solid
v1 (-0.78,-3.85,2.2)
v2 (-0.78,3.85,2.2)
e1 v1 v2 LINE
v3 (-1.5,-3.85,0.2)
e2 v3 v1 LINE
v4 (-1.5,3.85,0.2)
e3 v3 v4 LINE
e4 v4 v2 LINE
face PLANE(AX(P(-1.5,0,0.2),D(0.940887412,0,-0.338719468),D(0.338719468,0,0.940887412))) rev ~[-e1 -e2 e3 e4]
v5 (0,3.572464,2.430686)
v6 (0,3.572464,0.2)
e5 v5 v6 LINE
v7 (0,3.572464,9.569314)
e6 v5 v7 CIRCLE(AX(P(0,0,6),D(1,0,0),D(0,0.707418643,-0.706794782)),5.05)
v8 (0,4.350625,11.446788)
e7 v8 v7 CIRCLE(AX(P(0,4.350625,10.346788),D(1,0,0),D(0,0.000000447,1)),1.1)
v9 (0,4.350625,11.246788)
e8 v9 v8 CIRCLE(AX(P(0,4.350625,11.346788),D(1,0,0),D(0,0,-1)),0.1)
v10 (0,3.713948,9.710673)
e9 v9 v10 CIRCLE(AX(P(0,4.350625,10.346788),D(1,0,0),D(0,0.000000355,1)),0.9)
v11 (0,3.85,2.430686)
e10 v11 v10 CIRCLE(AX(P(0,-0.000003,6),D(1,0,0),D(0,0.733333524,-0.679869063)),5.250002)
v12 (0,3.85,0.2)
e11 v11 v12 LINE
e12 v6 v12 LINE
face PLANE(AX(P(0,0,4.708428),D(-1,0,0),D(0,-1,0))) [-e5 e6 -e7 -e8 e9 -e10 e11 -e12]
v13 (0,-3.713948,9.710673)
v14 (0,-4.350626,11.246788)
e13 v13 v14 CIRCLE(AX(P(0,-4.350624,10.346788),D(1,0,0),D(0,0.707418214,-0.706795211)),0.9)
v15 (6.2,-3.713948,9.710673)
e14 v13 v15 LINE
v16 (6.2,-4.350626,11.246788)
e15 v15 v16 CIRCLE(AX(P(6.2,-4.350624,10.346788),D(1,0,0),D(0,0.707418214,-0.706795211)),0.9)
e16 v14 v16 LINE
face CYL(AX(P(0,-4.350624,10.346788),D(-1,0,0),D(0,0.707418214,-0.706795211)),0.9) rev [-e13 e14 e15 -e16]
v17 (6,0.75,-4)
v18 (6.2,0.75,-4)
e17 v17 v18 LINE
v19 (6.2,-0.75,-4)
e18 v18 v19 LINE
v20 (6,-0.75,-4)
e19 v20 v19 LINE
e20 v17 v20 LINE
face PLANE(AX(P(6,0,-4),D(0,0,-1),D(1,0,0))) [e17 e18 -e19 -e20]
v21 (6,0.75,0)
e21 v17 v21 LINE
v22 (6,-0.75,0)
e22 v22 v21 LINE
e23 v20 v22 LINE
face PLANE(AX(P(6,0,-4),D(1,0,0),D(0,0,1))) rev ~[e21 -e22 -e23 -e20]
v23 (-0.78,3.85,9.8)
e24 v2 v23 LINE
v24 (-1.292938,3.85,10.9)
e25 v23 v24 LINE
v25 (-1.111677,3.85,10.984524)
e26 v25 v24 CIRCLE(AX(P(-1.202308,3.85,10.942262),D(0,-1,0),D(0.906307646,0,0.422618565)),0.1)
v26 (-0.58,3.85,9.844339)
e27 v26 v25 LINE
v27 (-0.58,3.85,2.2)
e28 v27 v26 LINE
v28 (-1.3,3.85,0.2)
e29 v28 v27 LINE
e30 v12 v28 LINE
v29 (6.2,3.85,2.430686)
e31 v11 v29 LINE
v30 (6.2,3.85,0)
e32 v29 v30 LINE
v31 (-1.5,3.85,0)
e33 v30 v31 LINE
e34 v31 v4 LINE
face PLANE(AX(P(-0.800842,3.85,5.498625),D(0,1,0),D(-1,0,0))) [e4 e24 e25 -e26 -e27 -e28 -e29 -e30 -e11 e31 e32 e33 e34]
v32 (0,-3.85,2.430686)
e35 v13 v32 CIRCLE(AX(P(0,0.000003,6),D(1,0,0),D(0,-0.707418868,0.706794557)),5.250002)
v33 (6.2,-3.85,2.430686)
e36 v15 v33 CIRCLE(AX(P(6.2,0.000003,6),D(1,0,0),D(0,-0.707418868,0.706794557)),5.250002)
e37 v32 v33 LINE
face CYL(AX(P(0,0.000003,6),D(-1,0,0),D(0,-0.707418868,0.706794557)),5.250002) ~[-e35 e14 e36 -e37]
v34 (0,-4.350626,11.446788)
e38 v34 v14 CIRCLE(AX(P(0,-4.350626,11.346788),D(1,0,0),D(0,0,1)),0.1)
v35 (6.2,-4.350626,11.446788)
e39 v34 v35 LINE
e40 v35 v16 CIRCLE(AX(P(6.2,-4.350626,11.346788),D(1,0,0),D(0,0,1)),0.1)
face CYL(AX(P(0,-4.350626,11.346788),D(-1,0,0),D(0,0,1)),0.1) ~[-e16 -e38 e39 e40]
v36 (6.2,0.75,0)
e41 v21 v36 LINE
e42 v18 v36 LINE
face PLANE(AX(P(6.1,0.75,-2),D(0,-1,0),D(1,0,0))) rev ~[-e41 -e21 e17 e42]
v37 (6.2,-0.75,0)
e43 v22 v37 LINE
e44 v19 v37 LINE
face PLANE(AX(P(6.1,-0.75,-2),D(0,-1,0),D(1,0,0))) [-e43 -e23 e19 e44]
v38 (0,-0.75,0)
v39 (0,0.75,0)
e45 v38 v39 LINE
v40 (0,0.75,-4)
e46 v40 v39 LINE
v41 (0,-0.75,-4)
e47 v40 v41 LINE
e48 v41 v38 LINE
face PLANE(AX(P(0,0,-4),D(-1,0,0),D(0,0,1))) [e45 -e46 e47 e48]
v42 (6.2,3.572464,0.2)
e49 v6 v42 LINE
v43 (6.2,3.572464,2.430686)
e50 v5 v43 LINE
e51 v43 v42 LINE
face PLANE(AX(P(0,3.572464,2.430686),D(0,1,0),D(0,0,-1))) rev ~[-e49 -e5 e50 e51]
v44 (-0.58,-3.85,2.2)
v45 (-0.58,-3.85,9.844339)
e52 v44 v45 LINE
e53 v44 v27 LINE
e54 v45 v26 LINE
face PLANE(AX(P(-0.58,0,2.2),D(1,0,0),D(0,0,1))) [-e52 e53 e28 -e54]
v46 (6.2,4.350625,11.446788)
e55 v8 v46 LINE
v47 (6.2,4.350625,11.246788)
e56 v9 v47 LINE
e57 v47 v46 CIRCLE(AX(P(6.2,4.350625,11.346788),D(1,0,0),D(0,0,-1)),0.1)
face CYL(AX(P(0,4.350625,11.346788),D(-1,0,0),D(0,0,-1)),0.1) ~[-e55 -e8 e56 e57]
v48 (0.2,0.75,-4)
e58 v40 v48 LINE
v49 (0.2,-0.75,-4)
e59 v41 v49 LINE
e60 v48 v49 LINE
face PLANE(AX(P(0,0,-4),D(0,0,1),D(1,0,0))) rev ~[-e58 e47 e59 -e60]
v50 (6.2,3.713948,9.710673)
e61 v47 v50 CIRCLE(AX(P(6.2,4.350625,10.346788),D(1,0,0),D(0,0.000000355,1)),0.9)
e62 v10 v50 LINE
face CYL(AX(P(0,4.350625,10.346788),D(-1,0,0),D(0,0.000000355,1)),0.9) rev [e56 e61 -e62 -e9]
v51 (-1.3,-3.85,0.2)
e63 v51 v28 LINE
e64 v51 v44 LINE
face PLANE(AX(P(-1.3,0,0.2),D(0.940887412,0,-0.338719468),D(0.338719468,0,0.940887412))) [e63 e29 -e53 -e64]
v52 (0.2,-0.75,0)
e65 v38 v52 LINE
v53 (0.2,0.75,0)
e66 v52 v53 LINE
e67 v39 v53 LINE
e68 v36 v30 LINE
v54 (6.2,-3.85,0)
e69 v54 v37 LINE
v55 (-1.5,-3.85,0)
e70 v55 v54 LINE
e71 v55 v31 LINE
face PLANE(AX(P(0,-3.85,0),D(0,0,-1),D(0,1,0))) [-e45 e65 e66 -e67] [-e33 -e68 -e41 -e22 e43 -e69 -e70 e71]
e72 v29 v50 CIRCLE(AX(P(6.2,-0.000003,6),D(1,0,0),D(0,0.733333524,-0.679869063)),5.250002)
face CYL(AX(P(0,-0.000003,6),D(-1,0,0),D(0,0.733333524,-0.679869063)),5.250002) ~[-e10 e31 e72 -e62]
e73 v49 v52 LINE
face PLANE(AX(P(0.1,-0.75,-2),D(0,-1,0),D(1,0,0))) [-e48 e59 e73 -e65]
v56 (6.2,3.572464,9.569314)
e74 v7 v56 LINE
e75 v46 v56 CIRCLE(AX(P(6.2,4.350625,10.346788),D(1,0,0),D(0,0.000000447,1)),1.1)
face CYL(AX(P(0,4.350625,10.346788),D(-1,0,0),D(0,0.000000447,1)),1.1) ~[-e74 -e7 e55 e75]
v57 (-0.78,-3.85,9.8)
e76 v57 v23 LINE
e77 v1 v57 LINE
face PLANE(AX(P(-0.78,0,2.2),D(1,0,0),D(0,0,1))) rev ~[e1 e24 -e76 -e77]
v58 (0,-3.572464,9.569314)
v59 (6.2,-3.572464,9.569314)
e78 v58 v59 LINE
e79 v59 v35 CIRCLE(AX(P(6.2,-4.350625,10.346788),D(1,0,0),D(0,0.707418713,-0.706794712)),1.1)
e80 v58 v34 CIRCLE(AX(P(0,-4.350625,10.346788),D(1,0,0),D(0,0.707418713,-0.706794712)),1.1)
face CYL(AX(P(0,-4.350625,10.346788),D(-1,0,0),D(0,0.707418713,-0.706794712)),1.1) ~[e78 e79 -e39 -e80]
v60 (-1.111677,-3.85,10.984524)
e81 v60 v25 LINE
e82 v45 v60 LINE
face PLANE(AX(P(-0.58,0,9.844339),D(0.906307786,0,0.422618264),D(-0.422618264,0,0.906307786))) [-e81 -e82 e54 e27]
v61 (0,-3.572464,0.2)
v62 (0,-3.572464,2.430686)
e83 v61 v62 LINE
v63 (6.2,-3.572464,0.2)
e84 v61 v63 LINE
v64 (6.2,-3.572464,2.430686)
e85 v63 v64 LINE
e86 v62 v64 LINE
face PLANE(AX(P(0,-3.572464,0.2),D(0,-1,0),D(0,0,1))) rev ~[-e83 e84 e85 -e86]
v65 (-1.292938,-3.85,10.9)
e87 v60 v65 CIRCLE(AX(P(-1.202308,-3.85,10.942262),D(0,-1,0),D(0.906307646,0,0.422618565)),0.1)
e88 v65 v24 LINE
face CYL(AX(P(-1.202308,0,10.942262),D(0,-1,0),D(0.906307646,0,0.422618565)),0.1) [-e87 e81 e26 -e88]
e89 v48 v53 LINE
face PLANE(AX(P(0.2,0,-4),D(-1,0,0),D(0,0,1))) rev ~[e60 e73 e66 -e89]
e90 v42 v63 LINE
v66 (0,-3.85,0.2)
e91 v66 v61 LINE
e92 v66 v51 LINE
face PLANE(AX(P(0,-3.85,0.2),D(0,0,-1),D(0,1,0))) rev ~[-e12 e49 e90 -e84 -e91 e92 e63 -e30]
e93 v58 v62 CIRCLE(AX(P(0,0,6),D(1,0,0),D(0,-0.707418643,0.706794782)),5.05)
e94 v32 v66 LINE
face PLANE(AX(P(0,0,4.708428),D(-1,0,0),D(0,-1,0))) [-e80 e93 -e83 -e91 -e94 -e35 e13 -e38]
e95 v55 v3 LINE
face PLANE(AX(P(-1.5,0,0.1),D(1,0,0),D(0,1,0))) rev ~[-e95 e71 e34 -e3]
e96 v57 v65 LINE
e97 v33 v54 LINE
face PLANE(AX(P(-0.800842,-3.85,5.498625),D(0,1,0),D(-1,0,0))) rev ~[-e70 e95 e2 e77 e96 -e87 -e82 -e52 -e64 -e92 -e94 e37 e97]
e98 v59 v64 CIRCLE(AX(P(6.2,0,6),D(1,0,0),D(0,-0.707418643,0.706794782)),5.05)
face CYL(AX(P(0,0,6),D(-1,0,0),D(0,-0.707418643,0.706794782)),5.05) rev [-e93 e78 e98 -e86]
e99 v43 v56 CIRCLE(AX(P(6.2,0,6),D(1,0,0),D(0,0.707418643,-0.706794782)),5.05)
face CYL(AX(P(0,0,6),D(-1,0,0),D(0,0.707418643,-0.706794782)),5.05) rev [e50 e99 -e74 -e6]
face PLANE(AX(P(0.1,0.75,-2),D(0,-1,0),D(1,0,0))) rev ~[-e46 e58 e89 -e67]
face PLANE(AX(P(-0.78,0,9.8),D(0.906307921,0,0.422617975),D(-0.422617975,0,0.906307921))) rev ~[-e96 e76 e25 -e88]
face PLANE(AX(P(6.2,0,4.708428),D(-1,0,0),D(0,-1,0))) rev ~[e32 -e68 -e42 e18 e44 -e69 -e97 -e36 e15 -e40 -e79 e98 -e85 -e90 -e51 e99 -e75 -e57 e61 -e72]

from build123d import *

# Parameters (mm, degrees)
PAD_DEPTH    = 6.2
SKETCH001_W  = 7.7
SKETCH001_H  = 0.2
PAD001_DEPTH = 1.5
PAD002_DEPTH = 3.85
SKETCH003_W  = 0.2
SKETCH003_H  = 4
PAD003_DEPTH = 0.75


with BuildPart() as part:
    # Sketch → Pad (new body)
    with BuildSketch(Plane.YZ):
        with BuildLine():
            ThreePointArc((-3.572464, 9.569314), (-5.05, 6), (-3.572464, 2.430686))
            Line((-3.572464, 0.2), (-3.572464, 2.430686))
            Line((3.572464, 0.2), (-3.572464, 0.2))
            Line((3.572464, 2.430686), (3.572464, 0.2))
            ThreePointArc((3.572464, 2.430686), (5.05, 6), (3.572464, 9.569314))
            ThreePointArc((4.350625, 11.446788), (3.33445, 10.767964), (3.572464, 9.569314))
            ThreePointArc((4.350625, 11.246788), (4.450625, 11.346788), (4.350625, 11.446788))
            ThreePointArc((4.350625, 11.246788), (3.519209, 10.691386), (3.713948, 9.710673))
            ThreePointArc((3.85, 2.430686), (5.249083, 6.098098), (3.713948, 9.710673))
            Line((3.85, 2.430686), (3.85, 0))
            Line((-3.85, 0), (3.85, 0))
            Line((-3.85, 2.430686), (-3.85, 0))
            ThreePointArc((-3.713948, 9.710673), (-5.249083, 6.098098), (-3.85, 2.430686))
            ThreePointArc((-3.713948, 9.710673), (-3.519209, 10.691387), (-4.350626, 11.246788))
            ThreePointArc((-4.350626, 11.446788), (-4.450626, 11.346788), (-4.350626, 11.246788))
            ThreePointArc((-3.572464, 9.569314), (-3.33445, 10.767964), (-4.350626, 11.446788))
        make_face()
    extrude(amount=PAD_DEPTH)

    # Sketch001 → Pad001 (join)
    with BuildSketch(Plane.YZ):
        with Locations((0, 0.1)):
            Rectangle(SKETCH001_W, SKETCH001_H)
    extrude(amount=-PAD001_DEPTH)

    # Sketch002 → Pad002 (join, symmetric)
    with BuildSketch(Plane.XZ):
        with BuildLine():
            Line((-1.5, 0.2), (-0.78, 2.2))
            Line((-0.78, 2.2), (-0.78, 9.8))
            Line((-0.78, 9.8), (-1.292938, 10.9))
            ThreePointArc((-1.111677, 10.984524), (-1.244569, 11.032893), (-1.292938, 10.9))
            Line((-0.58, 9.844339), (-1.111677, 10.984524))
            Line((-0.58, 2.2), (-0.58, 9.844339))
            Line((-1.3, 0.2), (-0.58, 2.2))
            Line((-1.3, 0), (-1.3, 0.2))
            Line((-1.5, 0), (-1.3, 0))
            Line((-1.5, 0.2), (-1.5, 0))
        make_face()
    extrude(amount=PAD002_DEPTH, both=True)

    # Sketch003 → Pad003 (join, symmetric)
    with BuildSketch(Plane.XZ):
        with Locations((0.1, -2)):
            Rectangle(SKETCH003_W, SKETCH003_H)
        with Locations((6.1, -2)):
            Rectangle(SKETCH003_W, SKETCH003_H)
    extrude(amount=PAD003_DEPTH, both=True)


solid = part.part
